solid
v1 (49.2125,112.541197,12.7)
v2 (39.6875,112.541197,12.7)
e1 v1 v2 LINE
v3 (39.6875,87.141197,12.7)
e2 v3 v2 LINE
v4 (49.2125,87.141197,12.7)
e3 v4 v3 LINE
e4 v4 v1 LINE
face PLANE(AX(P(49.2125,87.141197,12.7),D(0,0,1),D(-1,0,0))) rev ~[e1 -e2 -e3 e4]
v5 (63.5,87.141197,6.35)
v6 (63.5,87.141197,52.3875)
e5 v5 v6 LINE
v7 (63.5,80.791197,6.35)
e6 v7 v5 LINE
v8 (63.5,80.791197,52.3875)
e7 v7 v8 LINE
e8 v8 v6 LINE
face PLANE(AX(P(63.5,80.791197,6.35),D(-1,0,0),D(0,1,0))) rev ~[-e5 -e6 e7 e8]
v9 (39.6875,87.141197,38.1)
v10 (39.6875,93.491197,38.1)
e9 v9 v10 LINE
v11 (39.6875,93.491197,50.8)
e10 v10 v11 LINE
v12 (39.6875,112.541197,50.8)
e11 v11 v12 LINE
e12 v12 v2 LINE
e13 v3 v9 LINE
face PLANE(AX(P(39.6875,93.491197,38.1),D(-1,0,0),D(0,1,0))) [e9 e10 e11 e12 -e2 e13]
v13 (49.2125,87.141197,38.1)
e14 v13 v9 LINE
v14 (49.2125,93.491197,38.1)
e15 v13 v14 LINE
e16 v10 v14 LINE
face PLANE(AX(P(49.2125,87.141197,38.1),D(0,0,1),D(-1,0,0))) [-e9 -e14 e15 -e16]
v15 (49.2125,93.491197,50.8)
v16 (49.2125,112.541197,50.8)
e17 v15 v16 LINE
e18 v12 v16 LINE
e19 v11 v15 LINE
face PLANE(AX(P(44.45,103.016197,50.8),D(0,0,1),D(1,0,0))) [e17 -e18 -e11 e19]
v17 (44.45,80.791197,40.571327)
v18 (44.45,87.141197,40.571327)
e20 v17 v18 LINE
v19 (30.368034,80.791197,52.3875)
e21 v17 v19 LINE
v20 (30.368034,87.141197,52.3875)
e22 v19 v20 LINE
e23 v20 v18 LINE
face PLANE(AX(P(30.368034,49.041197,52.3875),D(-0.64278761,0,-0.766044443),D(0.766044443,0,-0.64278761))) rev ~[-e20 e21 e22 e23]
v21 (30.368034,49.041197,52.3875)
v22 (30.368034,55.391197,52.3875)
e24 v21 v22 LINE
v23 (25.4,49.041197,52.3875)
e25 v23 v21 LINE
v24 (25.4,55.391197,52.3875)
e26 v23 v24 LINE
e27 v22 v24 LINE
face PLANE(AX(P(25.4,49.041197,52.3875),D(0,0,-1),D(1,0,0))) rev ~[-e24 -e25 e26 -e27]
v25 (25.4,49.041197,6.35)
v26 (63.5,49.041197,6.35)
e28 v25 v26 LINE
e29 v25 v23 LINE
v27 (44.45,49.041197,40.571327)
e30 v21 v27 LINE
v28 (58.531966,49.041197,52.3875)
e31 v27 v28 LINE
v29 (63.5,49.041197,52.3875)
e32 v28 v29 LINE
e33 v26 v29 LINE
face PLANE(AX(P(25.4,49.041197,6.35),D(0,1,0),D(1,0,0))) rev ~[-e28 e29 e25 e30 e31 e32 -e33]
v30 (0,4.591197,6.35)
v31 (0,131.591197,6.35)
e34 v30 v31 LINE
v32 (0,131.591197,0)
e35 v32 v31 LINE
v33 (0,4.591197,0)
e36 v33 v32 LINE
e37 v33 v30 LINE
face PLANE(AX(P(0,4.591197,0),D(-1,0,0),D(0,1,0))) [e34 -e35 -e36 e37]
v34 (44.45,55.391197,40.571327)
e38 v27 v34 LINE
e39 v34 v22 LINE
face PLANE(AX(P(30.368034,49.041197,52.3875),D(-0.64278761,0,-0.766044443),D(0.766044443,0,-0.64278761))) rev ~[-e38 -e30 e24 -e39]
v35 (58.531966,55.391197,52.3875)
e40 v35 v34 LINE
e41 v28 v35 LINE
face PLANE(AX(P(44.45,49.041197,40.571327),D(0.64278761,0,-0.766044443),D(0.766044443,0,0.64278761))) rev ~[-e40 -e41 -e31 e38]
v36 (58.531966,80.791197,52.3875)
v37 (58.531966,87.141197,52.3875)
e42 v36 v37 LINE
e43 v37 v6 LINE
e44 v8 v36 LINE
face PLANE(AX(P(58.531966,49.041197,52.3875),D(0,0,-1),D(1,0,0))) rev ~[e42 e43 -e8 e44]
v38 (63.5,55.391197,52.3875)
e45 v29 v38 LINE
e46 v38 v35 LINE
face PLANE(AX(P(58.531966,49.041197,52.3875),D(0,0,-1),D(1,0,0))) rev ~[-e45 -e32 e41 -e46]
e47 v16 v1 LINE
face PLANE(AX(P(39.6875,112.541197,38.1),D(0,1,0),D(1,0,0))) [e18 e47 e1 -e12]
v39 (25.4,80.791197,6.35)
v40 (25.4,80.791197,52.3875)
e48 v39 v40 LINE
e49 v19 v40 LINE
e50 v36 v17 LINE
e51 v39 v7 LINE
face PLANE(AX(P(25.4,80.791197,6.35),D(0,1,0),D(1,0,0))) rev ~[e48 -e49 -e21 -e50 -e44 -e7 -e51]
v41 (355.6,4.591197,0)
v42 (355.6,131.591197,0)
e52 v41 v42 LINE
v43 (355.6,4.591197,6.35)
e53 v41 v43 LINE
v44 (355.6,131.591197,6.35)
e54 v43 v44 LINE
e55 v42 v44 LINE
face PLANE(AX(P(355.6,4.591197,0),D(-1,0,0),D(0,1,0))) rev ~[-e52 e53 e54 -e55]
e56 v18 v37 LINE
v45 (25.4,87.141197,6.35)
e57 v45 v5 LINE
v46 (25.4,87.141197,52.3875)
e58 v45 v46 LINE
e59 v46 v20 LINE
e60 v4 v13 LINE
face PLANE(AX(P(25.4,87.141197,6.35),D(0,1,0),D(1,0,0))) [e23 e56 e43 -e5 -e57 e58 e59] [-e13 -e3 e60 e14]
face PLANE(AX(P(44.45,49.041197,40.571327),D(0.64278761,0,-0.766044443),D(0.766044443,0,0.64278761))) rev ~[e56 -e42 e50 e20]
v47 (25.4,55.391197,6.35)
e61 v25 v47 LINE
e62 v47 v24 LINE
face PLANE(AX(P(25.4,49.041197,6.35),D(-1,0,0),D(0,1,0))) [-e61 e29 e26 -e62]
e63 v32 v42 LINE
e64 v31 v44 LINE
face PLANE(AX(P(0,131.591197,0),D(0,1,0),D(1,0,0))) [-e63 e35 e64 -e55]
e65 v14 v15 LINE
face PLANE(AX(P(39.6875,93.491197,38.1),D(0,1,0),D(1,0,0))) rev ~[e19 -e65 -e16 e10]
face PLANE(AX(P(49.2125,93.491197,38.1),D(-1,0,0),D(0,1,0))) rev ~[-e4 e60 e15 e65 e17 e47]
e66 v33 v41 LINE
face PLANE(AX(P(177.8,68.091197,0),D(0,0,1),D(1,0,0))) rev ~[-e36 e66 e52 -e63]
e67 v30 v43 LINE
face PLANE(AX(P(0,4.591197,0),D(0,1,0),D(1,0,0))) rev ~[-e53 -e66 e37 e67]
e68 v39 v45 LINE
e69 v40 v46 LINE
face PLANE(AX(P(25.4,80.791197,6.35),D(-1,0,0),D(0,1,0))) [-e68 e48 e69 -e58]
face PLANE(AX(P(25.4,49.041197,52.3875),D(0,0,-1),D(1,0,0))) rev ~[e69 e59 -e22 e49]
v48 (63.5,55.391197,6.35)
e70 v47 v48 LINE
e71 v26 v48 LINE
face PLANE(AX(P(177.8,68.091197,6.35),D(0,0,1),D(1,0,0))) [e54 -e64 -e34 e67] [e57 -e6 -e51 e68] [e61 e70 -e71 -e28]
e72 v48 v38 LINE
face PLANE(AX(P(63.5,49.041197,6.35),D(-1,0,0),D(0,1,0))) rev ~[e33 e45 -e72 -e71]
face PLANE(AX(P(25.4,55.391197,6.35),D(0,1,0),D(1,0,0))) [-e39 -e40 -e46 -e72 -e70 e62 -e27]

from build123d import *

# Parameters (mm, degrees)
F0_W       = 355.6
F0_H       = 127
F1_DEPTH   = 6.35
F2_W       = 38.1
F2_H       = 6.35
F3_DEPTH   = 50.8
F3_FACE1_W = 38.1
F3_FACE1_H = 50.8
F5_DEPTH   = 50.8
F6_W       = 9.525
F6_H       = 25.4
F7_DEPTH   = 25.4
F8_W       = 9.525
F8_H       = 19.05
F9_DEPTH   = 12.7


with BuildPart() as f1:
    # F0 (on Top) → F1 (new body)
    with BuildSketch(Plane.XY):
        with Locations((177.8, 68.0911967754)):
            Rectangle(F0_W, F0_H)
    extrude(amount=F1_DEPTH)

    # F2 (on face) → F3 (join)
    with BuildSketch(Plane.XY.offset(6.35)):
        with Locations((44.45, 52.2161967754)):
            Rectangle(F2_W, F2_H)
        with Locations((44.45, 83.9661967754)):
            Rectangle(F2_W, F2_H)
    extrude(amount=F3_DEPTH)

    # F4 (on face) + F3_face1 (on face) → F5 (cut)
    with BuildSketch(Plane.XZ.offset(-49.0411967754)):
        Polygon((63.5, 57.15), (25.4, 57.15), (25.4, 52.3875), (30.3680338836, 52.3875), (44.45, 40.5713274255), (58.5319661164, 52.3875), (63.5, 52.3875), align=None)
    with BuildSketch(Plane(origin=(44.45, 87.1411967754, 31.75), x_dir=(-1, 0, 0), z_dir=(0, 1, 0))):
        Rectangle(F3_FACE1_W, F3_FACE1_H)
    extrude(amount=-F5_DEPTH, dir=(0, -1, 0), mode=Mode.SUBTRACT)

    # F6 (on face) → F7 (join)
    with BuildSketch(Plane(origin=(0, 87.1411967754, 0), x_dir=(-1, 0, 0), z_dir=(0, 1, 0))):
        with Locations((-44.45, 25.4)):
            Rectangle(F6_W, F6_H)
    extrude(amount=F7_DEPTH)

    # F8 (on face) → F9 (join)
    with BuildSketch(Plane.XY.offset(38.1)):
        with Locations((44.45, 103.0161967754)):
            Rectangle(F8_W, F8_H)
    extrude(amount=F9_DEPTH)


solid = f1.part
